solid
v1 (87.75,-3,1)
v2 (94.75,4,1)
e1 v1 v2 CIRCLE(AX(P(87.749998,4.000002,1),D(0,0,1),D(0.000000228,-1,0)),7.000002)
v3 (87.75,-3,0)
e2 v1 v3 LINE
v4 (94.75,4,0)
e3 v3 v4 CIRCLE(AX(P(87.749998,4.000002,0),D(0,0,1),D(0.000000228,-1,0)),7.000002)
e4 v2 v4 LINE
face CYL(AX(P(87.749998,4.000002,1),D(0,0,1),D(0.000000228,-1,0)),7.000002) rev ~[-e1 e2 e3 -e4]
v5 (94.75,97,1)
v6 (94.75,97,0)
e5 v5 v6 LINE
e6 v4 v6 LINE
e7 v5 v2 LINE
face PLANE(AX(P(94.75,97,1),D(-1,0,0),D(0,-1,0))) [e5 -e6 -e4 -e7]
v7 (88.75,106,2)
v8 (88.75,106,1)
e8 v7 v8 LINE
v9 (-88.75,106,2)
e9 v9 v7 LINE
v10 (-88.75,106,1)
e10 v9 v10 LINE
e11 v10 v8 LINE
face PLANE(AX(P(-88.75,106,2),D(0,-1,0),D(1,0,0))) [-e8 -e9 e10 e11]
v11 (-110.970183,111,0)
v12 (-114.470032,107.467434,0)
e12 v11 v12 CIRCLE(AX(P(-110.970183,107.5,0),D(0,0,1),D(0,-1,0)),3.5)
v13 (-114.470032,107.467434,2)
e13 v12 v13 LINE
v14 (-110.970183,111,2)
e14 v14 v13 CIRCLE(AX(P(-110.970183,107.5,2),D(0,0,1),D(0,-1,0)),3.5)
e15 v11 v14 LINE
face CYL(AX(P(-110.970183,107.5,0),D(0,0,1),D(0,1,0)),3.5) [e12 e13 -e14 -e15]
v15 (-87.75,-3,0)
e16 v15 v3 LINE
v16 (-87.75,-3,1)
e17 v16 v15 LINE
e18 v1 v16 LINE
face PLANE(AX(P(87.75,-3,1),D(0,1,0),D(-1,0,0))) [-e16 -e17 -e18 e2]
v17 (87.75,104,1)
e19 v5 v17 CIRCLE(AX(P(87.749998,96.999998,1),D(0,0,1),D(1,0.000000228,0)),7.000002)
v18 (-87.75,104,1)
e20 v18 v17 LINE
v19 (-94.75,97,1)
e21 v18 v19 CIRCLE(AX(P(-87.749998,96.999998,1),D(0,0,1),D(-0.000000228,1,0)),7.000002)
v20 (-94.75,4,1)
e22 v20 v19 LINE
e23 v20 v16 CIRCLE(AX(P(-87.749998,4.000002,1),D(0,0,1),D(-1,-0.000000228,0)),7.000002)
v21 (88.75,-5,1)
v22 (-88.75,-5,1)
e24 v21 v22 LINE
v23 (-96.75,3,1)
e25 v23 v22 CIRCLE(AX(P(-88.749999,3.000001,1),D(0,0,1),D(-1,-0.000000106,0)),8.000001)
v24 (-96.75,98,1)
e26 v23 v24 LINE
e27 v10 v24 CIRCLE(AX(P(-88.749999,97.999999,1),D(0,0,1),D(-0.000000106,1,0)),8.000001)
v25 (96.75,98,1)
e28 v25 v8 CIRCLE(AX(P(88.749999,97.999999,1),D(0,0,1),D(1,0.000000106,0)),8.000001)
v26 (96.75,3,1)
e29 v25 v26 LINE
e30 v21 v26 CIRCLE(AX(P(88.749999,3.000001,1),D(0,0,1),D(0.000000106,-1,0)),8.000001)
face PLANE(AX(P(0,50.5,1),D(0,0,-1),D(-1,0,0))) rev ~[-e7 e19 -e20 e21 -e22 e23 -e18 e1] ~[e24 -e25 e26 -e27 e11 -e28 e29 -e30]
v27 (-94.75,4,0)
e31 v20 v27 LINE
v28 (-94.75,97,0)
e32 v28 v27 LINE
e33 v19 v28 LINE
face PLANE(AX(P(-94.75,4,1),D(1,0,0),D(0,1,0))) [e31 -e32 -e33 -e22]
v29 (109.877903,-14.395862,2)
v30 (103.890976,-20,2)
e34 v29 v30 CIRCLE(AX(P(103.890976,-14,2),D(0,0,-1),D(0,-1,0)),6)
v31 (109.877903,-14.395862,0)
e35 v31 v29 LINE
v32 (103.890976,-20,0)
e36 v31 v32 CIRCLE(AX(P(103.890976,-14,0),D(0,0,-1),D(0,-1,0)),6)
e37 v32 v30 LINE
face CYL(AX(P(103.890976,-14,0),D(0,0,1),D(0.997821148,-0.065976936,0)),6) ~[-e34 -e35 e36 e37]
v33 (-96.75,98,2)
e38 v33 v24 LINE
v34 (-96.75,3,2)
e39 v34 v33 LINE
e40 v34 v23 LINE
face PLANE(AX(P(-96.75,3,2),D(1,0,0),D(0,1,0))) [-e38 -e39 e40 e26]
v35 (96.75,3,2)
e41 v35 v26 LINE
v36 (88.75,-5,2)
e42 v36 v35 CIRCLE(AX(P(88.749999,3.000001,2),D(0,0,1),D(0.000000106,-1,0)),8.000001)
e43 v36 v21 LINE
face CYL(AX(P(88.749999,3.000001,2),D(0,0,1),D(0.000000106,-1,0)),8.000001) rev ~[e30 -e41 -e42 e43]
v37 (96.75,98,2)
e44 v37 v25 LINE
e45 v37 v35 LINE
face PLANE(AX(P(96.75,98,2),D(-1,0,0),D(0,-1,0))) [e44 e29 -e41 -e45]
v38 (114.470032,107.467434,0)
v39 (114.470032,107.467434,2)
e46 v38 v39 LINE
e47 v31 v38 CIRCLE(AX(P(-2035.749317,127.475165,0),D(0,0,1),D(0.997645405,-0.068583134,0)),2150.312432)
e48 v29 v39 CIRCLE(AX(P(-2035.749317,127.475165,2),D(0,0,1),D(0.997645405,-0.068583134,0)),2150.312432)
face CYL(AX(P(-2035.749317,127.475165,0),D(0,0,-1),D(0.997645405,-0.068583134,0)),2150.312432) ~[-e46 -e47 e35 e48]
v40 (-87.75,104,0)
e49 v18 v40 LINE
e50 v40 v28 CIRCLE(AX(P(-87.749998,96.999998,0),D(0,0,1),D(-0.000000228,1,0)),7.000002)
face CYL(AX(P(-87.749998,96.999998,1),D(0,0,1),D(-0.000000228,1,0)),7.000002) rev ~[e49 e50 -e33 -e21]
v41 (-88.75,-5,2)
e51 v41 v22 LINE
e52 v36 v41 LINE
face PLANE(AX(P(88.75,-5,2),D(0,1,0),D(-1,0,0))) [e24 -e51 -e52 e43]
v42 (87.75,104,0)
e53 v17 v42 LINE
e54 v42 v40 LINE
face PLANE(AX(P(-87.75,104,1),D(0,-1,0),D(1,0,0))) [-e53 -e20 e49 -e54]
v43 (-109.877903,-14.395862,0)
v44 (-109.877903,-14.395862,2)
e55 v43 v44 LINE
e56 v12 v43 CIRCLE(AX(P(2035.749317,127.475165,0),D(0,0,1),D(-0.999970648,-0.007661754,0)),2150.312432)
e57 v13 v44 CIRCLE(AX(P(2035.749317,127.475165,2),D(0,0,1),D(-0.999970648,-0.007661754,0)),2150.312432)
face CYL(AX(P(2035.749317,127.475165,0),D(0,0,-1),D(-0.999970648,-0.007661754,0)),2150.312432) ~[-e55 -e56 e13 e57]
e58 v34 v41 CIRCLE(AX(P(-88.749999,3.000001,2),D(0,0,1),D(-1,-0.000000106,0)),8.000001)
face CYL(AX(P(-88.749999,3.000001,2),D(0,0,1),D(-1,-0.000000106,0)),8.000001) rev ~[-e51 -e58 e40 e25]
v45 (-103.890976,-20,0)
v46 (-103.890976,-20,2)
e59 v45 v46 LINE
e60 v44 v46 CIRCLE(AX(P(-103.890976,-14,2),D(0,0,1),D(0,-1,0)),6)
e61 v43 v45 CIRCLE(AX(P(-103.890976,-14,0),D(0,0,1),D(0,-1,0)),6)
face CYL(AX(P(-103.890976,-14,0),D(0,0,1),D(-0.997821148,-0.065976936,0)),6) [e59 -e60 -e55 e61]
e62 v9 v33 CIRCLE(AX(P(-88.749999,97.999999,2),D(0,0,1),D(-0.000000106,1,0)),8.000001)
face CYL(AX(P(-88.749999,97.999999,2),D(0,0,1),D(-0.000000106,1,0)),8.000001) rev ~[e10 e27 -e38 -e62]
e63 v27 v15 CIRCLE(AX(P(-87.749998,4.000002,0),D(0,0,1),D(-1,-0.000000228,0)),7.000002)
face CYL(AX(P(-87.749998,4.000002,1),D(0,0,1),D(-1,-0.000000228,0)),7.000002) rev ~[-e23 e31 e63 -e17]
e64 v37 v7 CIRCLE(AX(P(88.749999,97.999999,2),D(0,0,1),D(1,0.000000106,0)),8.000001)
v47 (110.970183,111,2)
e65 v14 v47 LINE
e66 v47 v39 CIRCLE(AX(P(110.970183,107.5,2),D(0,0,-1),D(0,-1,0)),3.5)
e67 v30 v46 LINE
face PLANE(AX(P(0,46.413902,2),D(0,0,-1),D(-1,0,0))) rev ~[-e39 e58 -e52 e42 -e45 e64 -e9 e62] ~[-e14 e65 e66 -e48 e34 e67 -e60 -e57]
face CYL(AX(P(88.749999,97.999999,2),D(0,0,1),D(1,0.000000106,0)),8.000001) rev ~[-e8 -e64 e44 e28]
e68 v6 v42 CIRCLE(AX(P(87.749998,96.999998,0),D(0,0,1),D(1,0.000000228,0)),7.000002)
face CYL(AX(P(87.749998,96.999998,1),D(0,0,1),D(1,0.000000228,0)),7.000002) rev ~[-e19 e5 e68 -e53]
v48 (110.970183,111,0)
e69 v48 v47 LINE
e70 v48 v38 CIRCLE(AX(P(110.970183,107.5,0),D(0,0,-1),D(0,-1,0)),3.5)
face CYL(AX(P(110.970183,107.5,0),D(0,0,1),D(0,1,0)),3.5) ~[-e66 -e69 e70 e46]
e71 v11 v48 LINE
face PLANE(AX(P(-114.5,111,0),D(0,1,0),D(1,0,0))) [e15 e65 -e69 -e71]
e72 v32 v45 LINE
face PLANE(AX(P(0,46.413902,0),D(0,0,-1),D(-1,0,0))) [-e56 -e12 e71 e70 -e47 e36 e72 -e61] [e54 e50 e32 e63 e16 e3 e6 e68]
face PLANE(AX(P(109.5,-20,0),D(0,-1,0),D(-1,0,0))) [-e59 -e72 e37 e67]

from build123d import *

# Parameters (mm, degrees)
PAD_DEPTH       = 2
FILLET_R        = 3.5
FILLET001_R     = 6
POCKET_DEPTH    = 1
POCKET001_DEPTH = 5


with BuildPart() as part:
    # Sketch → Pad (new body)
    with BuildSketch(Plane.XY):
        with BuildLine():
            Line((-114.5, 111), (114.5, 111))
            ThreePointArc((109.5, -20), (112.998546, 45.461888), (114.5, 111))
            Line((109.5, -20), (-109.5, -20))
            ThreePointArc((-114.5, 111), (-112.998546, 45.461888), (-109.5, -20))
        make_face()
    extrude(amount=PAD_DEPTH)

    # Fillet
    fillet_edges = [part.edges().sort_by_distance(p)[0] for p in [
        (114.5, 111, 1),
        (-114.5, 111, 1),
    ]]
    fillet(fillet_edges, radius=FILLET_R)

    # Fillet001
    fillet001_edges = [part.edges().sort_by_distance(p)[0] for p in [
        (109.5, -20, 1),
        (-109.5, -20, 1),
    ]]
    fillet(fillet001_edges, radius=FILLET001_R)

    # Sketch001 (on Face5 of Fillet001) → Pocket (cut)
    with BuildSketch(Plane.XY.offset(2)):
        with BuildLine():
            Line((-88.75, 106), (88.75, 106))
            ThreePointArc((96.75, 98), (94.406854, 103.656854), (88.75, 106))
            Line((96.75, 98), (96.75, 3))
            ThreePointArc((88.75, -5), (94.406854, -2.656854), (96.75, 3))
            Line((88.75, -5), (-88.75, -5))
            ThreePointArc((-96.75, 3), (-94.406854, -2.656854), (-88.75, -5))
            Line((-96.75, 3), (-96.75, 98))
            ThreePointArc((-88.75, 106), (-94.406854, 103.656854), (-96.75, 98))
        make_face()
    extrude(amount=-POCKET_DEPTH, mode=Mode.SUBTRACT)

    # Sketch002 (on Face19 of Pocket) → Pocket001 (cut)
    with BuildSketch(Plane.XY.offset(1)):
        with BuildLine():
            Line((-87.75, 104), (87.75, 104))
            ThreePointArc((94.75, 97), (92.699747, 101.949747), (87.75, 104))
            Line((94.75, 97), (94.75, 4))
            ThreePointArc((87.75, -3), (92.699747, -0.949747), (94.75, 4))
            Line((87.75, -3), (-87.75, -3))
            ThreePointArc((-94.75, 4), (-92.699747, -0.949747), (-87.75, -3))
            Line((-94.75, 4), (-94.75, 97))
            ThreePointArc((-87.75, 104), (-92.699747, 101.949747), (-94.75, 97))
        make_face()
    extrude(amount=-POCKET001_DEPTH, mode=Mode.SUBTRACT)


solid = part.part
